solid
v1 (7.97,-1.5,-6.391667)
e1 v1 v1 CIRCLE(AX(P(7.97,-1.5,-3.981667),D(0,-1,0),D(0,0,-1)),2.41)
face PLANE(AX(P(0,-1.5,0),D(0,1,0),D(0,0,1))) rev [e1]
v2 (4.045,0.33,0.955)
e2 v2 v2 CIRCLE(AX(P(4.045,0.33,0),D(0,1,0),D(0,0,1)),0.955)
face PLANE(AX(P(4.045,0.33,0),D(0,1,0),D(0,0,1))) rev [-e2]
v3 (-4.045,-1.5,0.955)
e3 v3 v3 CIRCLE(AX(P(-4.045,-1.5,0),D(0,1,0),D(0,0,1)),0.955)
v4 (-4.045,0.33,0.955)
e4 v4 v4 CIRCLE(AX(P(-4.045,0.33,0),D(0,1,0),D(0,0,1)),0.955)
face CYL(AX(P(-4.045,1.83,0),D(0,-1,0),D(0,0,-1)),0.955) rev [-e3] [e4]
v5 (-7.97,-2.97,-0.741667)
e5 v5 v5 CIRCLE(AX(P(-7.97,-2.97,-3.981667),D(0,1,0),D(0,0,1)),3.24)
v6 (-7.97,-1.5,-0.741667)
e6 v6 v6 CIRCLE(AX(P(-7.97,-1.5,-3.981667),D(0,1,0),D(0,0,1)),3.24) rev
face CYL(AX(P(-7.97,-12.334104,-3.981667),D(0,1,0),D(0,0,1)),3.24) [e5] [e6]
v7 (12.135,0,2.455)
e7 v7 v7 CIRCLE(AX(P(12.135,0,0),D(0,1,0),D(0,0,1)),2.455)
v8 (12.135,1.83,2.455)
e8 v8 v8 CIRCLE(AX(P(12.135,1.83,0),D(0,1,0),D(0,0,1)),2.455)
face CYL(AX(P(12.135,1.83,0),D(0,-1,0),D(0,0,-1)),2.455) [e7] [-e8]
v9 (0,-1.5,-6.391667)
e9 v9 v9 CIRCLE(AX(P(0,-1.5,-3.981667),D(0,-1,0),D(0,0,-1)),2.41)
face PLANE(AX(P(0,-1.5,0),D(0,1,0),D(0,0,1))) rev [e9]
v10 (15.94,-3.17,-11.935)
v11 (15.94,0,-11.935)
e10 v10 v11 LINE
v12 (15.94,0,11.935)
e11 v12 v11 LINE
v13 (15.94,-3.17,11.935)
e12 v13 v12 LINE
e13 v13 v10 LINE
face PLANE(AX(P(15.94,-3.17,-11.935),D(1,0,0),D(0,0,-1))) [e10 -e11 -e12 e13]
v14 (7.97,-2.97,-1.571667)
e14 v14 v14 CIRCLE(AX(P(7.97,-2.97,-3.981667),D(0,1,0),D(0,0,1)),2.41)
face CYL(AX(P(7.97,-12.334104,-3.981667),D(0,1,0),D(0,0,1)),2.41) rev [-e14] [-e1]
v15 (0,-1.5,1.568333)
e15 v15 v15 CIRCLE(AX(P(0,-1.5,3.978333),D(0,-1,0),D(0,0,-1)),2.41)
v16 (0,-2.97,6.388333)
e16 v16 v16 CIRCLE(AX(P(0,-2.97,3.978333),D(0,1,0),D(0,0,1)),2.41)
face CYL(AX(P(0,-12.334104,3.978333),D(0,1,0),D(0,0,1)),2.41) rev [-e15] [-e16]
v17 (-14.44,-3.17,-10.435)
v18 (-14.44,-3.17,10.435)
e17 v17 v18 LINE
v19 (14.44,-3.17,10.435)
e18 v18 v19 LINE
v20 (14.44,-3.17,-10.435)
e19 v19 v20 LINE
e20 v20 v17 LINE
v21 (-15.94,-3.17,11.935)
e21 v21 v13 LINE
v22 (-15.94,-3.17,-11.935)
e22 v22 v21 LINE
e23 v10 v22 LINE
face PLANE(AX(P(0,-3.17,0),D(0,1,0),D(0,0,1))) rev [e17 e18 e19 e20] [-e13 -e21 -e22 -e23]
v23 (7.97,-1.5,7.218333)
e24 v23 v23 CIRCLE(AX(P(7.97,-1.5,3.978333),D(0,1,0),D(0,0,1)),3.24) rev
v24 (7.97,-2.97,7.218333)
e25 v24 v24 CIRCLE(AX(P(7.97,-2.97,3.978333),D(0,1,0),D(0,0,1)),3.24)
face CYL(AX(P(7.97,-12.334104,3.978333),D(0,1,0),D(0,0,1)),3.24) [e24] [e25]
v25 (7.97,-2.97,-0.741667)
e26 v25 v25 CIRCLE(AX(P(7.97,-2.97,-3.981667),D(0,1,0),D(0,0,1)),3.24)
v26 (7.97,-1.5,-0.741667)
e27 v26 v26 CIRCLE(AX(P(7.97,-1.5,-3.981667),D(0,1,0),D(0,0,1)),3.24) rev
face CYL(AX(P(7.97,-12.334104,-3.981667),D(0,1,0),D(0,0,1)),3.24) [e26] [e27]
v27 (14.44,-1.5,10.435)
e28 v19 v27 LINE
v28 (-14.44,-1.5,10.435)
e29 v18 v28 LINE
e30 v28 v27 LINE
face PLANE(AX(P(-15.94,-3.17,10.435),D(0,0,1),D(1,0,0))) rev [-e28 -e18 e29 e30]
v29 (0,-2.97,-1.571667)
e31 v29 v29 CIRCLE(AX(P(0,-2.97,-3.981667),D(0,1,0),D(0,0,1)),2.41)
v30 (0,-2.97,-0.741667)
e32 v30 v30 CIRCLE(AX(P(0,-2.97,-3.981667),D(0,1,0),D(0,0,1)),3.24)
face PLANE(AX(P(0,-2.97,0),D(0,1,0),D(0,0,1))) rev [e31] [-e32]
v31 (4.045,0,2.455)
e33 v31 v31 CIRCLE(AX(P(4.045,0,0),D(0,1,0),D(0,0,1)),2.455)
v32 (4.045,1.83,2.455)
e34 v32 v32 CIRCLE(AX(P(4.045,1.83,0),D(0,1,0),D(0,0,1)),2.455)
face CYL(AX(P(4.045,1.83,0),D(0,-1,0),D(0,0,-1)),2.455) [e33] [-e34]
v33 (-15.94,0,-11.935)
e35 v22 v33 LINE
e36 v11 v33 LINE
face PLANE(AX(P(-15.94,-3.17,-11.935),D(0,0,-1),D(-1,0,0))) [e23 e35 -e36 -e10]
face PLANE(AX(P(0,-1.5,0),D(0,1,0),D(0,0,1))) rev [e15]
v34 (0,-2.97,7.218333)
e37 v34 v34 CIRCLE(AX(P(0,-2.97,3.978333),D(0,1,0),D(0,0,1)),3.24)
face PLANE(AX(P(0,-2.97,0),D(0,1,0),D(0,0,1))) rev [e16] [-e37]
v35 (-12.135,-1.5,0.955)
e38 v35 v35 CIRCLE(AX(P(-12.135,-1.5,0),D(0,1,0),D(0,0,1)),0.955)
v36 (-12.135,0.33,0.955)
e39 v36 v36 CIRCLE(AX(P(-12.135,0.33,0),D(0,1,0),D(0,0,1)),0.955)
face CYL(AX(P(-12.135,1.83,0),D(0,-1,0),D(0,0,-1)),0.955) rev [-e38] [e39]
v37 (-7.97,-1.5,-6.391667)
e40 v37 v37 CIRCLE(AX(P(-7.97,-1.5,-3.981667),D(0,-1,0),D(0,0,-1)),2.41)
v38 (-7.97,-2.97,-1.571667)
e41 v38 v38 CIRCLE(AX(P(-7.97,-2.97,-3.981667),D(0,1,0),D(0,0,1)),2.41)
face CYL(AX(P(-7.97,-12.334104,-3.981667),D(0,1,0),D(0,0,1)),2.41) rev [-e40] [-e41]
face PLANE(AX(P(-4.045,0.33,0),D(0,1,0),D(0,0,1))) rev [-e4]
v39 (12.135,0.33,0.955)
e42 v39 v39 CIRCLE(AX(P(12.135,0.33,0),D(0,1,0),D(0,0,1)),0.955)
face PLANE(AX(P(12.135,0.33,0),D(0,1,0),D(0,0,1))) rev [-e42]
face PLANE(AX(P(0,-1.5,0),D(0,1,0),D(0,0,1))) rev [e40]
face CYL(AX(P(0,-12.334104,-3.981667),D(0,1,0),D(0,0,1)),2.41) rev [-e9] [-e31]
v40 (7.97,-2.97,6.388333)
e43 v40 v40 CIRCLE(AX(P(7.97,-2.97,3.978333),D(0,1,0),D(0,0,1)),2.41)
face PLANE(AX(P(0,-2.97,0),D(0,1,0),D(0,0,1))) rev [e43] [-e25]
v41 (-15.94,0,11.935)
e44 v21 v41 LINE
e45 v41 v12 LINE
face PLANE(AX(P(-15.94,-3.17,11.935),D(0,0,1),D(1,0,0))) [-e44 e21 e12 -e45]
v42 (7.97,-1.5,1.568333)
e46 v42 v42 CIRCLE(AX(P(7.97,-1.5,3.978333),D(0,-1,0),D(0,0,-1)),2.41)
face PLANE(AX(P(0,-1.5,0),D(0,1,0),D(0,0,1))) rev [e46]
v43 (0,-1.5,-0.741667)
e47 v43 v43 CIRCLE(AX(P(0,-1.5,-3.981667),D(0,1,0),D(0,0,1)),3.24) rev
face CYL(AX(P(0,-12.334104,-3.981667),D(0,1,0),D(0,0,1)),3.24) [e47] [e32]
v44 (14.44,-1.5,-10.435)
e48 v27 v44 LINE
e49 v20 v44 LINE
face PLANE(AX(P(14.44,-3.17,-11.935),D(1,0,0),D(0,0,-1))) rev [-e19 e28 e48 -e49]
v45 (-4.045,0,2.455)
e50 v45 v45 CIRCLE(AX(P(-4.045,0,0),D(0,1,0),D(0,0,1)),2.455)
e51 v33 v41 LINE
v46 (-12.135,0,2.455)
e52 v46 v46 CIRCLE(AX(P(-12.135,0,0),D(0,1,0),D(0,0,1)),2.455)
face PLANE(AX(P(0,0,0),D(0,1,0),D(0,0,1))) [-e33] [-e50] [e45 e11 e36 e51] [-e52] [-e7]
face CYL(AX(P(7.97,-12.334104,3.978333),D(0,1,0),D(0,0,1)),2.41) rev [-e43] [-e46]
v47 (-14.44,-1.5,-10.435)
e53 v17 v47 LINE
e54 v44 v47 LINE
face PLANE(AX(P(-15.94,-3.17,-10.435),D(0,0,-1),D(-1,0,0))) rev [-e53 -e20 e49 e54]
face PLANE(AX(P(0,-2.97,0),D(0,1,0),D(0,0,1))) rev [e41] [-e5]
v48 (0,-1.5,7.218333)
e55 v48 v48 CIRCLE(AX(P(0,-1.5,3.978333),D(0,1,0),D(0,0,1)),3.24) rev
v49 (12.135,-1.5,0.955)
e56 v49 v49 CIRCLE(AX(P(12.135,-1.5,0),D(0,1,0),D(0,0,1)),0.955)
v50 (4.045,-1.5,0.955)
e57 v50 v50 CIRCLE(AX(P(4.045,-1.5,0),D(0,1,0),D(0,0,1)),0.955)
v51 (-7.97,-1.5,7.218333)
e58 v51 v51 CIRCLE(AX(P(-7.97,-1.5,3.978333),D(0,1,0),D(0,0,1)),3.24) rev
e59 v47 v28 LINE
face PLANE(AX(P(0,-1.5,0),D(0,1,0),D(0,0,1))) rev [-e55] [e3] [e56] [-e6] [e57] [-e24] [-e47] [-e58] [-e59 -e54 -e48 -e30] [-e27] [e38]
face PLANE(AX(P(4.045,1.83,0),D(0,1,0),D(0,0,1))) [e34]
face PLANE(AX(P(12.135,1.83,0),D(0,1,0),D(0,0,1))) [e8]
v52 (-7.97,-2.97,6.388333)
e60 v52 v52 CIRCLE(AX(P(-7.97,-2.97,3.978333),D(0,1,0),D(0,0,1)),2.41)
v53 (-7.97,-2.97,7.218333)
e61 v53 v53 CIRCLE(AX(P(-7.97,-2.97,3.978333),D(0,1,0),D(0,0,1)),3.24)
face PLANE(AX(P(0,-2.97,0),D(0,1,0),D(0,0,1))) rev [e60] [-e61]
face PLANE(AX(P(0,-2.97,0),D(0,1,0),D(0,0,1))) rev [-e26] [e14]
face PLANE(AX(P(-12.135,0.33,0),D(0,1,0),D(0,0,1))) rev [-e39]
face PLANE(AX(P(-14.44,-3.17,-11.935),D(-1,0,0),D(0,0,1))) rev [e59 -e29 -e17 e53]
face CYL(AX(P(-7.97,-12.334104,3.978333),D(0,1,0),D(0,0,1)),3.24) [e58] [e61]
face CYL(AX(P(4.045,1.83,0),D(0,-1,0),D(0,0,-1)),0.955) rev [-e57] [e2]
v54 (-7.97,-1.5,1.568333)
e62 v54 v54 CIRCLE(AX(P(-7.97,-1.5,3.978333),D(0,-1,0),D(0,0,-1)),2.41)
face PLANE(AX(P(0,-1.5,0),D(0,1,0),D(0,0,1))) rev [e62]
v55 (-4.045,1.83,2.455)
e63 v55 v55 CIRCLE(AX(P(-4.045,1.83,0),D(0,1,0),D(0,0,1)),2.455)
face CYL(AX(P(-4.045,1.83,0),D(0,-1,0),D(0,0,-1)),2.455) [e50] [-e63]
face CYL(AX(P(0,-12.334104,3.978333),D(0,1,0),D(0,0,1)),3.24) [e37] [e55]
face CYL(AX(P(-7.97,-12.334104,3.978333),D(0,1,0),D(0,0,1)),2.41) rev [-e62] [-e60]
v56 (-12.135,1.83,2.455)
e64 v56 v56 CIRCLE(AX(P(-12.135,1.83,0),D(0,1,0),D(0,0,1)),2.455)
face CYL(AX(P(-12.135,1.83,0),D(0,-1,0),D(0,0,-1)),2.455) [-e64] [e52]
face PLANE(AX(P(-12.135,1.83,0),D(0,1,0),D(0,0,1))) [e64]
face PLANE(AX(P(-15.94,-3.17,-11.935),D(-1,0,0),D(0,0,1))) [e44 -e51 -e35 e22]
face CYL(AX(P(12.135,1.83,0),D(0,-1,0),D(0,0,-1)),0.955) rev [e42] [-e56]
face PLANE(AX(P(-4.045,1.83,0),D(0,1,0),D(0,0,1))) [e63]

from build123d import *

# Parameters (mm, degrees)
SKETCH2_W           = 31.88
SKETCH2_H           = 23.87
BOSS_EXTRUDE1_DEPTH = 3.17
SKETCH3_R           = 2.455
BOSS_EXTRUDE2_DEPTH = 1.83
SHELL1_T            = -1.5
SKETCH4_R           = 3.24
SKETCH4_R_2         = 2.41
BOSS_EXTRUDE3_DEPTH = 1.47


with BuildPart() as part:
    # Sketch2 → Boss-Extrude1 (new body)
    with BuildSketch(Plane(origin=(0, 0, 0), x_dir=(1, 0, 0), z_dir=(0, 1, 0))):
        Rectangle(SKETCH2_W, SKETCH2_H)
    extrude(amount=-BOSS_EXTRUDE1_DEPTH)

    # Sketch3 → Boss-Extrude2 (add)
    with BuildSketch(Plane(origin=(0, 0, 0), x_dir=(1, 0, 0), z_dir=(0, 1, 0))):
        with Locations(Location((-12.135, 0, 0), (0, 0, 270))):
            Circle(SKETCH3_R)
        with Locations(Location((-4.045, 0, 0), (0, 0, 270))):
            Circle(SKETCH3_R)
        with Locations(Location((4.045, 0, 0), (0, 0, 270))):
            Circle(SKETCH3_R)
        with Locations(Location((12.135, 0, 0), (0, 0, 270))):
            Circle(SKETCH3_R)
    extrude(amount=BOSS_EXTRUDE2_DEPTH)

    # Shell1
    shell1_openings = [part.faces().sort_by_distance(p)[0] for p in [
        (0, -3.17, 0),
    ]]
    offset(amount=SHELL1_T, openings=shell1_openings, kind=Kind.INTERSECTION)

    # Sketch4 → Boss-Extrude3 (add)
    # profile 1 of 6: a face of its own
    with BuildSketch(Plane.XZ.offset(1.5)):
        with Locations(Location((-7.97, 3.978333333, 0), (0, 0, 90))):
            Circle(SKETCH4_R)
        with Locations(Location((-7.97, 3.978333333, 0), (0, 0, 90))):
            Circle(SKETCH4_R_2, mode=Mode.SUBTRACT)
    # profile 2 of 6: a face of its own
    with BuildSketch(Plane.XZ.offset(1.5)):
        with Locations(Location((0, 3.978333333, 0), (0, 0, 90))):
            Circle(SKETCH4_R)
        with Locations(Location((0, 3.978333333, 0), (0, 0, 90))):
            Circle(SKETCH4_R_2, mode=Mode.SUBTRACT)
    # profile 3 of 6: a face of its own
    with BuildSketch(Plane.XZ.offset(1.5)):
        with Locations(Location((7.97, 3.978333333, 0), (0, 0, 90))):
            Circle(SKETCH4_R)
        with Locations(Location((7.97, 3.978333333, 0), (0, 0, 90))):
            Circle(SKETCH4_R_2, mode=Mode.SUBTRACT)
    # profile 4 of 6: a face of its own
    with BuildSketch(Plane.XZ.offset(1.5)):
        with Locations(Location((0, -3.981666667, 0), (0, 0, 90))):
            Circle(SKETCH4_R)
        with Locations(Location((0, -3.981666667, 0), (0, 0, 90))):
            Circle(SKETCH4_R_2, mode=Mode.SUBTRACT)
    # profile 5 of 6: a face of its own
    with BuildSketch(Plane.XZ.offset(1.5)):
        with Locations(Location((7.97, -3.981666667, 0), (0, 0, 90))):
            Circle(SKETCH4_R)
        with Locations(Location((7.97, -3.981666667, 0), (0, 0, 90))):
            Circle(SKETCH4_R_2, mode=Mode.SUBTRACT)
    # profile 6 of 6: a face of its own
    with BuildSketch(Plane.XZ.offset(1.5)):
        with Locations(Location((-7.97, -3.981666667, 0), (0, 0, 90))):
            Circle(SKETCH4_R)
        with Locations(Location((-7.97, -3.981666667, 0), (0, 0, 90))):
            Circle(SKETCH4_R_2, mode=Mode.SUBTRACT)
    extrude(amount=BOSS_EXTRUDE3_DEPTH)


solid = part.part
